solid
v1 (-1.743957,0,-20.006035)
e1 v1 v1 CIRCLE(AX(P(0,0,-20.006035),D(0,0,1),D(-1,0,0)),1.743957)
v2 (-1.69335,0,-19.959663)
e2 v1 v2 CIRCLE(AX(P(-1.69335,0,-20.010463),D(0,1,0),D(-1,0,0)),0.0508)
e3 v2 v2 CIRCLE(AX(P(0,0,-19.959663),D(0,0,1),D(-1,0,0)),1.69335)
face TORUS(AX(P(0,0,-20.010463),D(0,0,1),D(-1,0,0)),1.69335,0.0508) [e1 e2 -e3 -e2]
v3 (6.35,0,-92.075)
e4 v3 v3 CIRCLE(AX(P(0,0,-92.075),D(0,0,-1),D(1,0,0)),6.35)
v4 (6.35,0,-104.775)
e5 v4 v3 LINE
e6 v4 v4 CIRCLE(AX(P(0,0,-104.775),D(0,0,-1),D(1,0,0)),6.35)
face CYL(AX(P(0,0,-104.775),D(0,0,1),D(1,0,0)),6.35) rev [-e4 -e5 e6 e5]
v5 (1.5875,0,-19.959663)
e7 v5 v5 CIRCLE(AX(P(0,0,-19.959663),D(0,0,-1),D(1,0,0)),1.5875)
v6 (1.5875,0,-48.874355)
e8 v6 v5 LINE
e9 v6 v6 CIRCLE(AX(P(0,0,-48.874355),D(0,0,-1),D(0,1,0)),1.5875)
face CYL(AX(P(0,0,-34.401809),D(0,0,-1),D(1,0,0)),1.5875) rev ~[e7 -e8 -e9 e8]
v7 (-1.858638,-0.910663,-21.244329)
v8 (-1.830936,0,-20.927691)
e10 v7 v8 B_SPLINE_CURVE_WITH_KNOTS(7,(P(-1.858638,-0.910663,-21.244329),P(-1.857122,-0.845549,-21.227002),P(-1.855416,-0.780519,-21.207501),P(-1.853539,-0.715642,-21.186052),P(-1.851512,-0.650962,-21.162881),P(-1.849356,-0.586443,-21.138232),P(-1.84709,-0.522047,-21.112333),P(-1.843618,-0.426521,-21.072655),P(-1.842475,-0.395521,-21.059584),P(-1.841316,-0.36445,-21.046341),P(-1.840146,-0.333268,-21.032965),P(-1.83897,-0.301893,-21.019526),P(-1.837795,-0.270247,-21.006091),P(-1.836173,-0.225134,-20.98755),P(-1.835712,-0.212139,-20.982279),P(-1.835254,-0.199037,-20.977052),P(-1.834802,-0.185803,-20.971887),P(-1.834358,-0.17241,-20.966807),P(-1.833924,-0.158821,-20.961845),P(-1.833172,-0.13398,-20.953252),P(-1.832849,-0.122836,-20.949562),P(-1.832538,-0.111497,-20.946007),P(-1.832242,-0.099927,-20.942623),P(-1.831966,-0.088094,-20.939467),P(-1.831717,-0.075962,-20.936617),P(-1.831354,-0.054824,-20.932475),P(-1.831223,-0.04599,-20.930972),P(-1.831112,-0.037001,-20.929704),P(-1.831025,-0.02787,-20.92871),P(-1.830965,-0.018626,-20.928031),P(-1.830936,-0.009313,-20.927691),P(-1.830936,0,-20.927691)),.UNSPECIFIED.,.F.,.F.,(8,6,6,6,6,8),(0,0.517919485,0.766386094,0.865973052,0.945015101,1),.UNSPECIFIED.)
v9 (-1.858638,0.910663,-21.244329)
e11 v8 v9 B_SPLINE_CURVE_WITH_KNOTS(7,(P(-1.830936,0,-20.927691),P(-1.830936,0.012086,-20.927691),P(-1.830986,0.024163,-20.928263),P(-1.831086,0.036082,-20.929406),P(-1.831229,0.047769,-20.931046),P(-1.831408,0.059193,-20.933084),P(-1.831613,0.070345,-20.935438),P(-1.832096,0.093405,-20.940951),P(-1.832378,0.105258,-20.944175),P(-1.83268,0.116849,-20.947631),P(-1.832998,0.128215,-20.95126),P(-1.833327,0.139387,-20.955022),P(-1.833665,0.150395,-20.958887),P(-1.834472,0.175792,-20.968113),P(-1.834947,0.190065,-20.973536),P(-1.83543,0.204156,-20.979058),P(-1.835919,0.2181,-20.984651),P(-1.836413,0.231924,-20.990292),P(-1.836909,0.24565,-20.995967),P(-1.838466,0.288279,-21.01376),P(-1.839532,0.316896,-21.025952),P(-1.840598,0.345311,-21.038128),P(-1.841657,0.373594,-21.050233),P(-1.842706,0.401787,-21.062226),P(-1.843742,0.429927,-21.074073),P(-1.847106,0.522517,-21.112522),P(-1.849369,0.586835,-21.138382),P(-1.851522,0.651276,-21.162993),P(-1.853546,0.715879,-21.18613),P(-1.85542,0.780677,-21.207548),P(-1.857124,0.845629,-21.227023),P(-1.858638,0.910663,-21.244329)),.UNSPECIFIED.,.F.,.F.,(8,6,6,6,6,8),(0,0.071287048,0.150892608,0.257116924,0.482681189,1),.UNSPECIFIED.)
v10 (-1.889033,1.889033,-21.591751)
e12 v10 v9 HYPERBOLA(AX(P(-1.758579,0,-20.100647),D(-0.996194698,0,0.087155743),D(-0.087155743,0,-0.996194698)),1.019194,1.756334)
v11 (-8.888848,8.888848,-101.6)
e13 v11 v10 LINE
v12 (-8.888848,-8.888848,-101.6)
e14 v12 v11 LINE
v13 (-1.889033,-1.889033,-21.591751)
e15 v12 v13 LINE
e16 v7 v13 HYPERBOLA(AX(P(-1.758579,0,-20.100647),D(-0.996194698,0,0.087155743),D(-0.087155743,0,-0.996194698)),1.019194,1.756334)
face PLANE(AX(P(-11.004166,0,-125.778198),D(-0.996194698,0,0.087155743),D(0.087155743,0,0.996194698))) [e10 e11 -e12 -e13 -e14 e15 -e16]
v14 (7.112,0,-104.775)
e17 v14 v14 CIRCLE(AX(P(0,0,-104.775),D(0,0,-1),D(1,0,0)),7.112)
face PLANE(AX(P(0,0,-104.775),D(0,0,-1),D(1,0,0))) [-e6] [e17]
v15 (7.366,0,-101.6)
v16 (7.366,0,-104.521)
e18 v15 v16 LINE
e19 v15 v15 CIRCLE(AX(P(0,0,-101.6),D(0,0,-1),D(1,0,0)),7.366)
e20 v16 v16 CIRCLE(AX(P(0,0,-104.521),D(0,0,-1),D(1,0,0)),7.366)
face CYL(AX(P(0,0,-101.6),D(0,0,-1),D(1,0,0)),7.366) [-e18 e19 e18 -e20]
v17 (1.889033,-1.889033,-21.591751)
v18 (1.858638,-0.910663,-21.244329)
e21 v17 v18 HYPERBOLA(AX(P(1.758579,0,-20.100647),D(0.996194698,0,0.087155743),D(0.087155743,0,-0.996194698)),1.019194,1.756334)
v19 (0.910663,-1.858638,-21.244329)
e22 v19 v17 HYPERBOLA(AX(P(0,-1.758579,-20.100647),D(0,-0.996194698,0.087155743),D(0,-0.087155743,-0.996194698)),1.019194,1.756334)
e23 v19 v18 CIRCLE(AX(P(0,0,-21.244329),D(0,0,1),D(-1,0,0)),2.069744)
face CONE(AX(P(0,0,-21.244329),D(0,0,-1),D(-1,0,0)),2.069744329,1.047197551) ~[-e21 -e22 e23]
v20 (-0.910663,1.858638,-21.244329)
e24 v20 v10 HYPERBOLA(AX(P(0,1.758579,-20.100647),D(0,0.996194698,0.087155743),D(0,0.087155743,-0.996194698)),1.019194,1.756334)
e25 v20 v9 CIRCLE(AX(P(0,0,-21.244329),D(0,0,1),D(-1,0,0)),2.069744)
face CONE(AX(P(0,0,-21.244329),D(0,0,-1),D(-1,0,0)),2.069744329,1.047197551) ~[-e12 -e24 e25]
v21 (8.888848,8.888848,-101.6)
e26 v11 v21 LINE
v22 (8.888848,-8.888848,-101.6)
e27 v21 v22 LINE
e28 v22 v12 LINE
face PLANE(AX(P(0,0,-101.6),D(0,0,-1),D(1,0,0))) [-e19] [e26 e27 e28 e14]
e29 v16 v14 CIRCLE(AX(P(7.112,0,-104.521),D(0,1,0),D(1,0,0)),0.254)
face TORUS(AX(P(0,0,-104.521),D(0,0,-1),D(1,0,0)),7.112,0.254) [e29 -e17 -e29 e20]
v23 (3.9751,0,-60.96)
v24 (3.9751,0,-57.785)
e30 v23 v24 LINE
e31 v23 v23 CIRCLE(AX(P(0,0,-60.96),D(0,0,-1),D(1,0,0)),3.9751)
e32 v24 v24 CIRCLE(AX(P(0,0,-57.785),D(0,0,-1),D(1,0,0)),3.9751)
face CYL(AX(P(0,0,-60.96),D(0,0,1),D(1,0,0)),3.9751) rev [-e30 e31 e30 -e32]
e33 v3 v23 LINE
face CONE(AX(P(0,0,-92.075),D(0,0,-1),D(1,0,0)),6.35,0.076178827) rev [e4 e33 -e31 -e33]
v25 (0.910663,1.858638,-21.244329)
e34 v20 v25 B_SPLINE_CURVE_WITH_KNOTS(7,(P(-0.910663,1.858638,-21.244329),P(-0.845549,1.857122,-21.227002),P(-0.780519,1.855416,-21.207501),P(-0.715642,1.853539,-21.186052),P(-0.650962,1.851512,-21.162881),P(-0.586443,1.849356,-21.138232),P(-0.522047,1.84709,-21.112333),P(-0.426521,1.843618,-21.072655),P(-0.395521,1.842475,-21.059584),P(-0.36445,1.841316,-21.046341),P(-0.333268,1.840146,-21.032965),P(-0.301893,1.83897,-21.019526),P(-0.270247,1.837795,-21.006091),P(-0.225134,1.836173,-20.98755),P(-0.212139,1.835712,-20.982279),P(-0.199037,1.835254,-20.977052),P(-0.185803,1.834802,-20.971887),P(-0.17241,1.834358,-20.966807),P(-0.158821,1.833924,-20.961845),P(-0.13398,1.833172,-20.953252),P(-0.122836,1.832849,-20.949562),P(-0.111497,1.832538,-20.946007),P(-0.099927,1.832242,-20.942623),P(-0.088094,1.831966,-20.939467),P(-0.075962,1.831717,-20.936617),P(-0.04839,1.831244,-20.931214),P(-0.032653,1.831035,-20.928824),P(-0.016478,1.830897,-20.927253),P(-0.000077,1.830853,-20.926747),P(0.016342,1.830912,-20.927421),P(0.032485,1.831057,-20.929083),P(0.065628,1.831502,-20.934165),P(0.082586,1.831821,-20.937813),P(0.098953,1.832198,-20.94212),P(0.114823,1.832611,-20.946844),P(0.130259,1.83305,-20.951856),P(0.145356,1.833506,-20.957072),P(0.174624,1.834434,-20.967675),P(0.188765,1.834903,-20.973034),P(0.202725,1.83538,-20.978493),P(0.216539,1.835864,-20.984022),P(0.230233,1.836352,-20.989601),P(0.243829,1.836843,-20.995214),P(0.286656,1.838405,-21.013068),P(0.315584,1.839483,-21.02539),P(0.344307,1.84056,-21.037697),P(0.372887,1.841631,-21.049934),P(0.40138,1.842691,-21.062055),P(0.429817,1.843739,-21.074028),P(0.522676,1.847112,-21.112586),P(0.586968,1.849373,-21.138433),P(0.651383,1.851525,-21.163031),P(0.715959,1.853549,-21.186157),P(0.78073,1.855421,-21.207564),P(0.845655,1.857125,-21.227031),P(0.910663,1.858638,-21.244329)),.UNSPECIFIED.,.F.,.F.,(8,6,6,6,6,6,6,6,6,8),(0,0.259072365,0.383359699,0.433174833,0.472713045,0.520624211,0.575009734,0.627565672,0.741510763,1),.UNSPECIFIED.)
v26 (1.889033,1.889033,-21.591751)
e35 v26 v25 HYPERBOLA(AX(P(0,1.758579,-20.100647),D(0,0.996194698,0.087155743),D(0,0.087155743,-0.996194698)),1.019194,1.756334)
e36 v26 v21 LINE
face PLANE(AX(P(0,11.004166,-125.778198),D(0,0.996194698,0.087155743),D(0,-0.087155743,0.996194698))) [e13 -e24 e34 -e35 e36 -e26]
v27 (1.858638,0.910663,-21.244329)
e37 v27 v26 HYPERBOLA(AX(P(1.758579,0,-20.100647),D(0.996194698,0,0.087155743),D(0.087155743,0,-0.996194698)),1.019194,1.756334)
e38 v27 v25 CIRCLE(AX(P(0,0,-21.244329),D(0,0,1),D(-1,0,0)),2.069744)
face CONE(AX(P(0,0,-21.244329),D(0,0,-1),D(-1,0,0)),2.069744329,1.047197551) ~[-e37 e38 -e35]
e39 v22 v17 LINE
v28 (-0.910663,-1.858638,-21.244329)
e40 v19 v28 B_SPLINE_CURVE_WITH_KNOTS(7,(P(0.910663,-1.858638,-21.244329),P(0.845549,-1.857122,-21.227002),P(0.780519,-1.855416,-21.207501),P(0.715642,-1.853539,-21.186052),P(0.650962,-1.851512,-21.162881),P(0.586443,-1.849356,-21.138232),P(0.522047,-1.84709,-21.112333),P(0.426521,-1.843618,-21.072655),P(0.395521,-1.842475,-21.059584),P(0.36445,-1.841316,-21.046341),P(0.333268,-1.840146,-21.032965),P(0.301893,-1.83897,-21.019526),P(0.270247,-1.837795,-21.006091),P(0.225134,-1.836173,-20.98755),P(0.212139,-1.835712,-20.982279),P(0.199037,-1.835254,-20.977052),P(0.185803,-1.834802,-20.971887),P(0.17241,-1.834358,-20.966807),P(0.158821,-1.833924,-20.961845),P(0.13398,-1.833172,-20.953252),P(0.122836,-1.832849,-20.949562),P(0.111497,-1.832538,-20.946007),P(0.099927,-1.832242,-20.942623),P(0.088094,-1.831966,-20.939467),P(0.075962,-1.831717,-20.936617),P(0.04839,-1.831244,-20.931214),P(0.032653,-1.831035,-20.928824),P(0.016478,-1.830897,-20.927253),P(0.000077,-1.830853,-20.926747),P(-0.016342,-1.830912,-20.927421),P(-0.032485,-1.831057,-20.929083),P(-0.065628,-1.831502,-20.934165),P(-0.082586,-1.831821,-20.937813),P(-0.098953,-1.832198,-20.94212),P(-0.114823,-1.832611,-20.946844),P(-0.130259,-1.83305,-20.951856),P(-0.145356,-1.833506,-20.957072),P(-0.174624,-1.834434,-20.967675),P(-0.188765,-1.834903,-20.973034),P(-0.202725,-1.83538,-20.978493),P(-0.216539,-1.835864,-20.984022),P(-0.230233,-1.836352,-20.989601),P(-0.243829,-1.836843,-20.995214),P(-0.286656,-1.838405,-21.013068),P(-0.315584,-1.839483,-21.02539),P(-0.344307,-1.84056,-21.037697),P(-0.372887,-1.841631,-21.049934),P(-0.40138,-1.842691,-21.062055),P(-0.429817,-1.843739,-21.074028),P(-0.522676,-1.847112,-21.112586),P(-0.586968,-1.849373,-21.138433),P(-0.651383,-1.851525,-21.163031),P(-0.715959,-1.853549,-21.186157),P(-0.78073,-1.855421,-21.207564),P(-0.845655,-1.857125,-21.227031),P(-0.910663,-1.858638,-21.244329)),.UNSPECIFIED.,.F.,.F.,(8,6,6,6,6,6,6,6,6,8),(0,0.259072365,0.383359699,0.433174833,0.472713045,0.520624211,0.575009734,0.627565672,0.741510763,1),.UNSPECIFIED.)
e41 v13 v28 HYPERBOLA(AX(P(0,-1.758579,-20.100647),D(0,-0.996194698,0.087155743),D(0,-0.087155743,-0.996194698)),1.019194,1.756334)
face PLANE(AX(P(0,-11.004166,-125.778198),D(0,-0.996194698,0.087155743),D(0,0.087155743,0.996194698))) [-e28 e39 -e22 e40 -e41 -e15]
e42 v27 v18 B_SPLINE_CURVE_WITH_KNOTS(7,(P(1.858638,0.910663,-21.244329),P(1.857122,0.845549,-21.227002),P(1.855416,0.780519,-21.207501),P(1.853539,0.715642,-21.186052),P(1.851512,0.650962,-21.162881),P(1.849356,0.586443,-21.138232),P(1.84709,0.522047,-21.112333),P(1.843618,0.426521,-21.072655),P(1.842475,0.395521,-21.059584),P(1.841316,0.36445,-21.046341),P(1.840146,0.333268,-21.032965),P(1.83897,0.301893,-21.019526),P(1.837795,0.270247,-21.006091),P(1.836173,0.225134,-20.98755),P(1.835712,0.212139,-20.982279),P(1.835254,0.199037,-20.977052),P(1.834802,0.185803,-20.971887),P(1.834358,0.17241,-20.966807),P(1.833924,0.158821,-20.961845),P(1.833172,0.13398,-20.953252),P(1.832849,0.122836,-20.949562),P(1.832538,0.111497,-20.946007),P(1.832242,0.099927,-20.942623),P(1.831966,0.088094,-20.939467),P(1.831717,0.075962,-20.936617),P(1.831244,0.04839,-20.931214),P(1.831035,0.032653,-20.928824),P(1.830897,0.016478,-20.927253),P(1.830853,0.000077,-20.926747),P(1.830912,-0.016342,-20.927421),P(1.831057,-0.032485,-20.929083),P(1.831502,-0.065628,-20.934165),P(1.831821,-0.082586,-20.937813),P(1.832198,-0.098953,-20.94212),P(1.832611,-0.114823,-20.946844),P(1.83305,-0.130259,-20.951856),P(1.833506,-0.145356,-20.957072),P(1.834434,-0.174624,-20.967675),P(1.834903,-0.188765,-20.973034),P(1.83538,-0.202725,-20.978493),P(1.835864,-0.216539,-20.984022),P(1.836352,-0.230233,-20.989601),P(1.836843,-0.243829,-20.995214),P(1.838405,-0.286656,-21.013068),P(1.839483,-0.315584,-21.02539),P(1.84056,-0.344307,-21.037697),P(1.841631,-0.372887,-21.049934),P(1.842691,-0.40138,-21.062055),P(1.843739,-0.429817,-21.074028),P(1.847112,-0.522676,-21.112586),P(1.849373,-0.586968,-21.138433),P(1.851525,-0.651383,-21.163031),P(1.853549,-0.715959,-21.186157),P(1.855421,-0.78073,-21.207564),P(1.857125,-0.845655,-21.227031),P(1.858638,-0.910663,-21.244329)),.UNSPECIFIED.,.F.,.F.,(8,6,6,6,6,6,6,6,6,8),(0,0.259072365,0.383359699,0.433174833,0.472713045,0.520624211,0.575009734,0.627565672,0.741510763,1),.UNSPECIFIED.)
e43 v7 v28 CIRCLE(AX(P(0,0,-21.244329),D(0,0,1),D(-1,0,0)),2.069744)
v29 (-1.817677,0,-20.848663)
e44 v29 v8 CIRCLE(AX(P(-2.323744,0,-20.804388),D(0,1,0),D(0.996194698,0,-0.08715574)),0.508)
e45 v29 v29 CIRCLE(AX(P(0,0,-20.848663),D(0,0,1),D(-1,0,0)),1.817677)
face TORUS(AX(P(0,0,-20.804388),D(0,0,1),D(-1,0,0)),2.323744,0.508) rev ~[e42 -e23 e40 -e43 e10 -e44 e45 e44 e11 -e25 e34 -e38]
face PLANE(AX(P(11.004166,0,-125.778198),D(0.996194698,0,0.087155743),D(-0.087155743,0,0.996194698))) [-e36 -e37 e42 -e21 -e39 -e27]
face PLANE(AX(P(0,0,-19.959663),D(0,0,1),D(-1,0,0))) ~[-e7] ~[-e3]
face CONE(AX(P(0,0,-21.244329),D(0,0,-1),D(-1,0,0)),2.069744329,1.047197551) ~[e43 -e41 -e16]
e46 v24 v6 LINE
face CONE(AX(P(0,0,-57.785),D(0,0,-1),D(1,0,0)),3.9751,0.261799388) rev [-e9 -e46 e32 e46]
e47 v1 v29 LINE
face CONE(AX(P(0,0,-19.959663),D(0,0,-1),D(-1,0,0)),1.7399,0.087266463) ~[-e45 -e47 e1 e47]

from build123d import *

# Parameters (mm, degrees)
SKETCH11_W                     = 36.563301826
SKETCH11_H                     = 1.5875
FILLET1_R                      = 0.254
CE_00_MILL_ONE_SIDE_FLAT_DEPTH = 12.7
CP_00_MILL_PATTERN_COUNT       = 4
FILLET2_R                      = 0.0508


with BuildPart() as part:
    # Sketch17 → BR-00 Lathe Initial (revolve)
    with BuildSketch(Plane(origin=(0, 0, 0), x_dir=(0, 0, -1), z_dir=(1, 0, 0)), mode=Mode.PRIVATE) as br_00_lathe_initial_sk:
        Polygon((105.41, 15.875), (105.41, 0), (17.129076381, 0), (17.129076381, 2.163905573), (40.590225916, 5.127738011), (40.590225916, 8.7376), (69.165225916, 8.7376), (69.165225916, 15.875), align=None)
    revolve(br_00_lathe_initial_sk.sketch.rotate(Axis((0, 0, -105.41), (0, 0, -1)), 180), axis=Axis((0, 0, -105.41), (0, 0, -1)))

    # Sketch11 → CR-00 Bore at tip (revolve, cut)
    with BuildSketch(Plane(origin=(0, 0, 0), x_dir=(0, 0, -1), z_dir=(1, 0, 0)), mode=Mode.PRIVATE) as cr_00_bore_at_tip_sk:
        with Locations((34.401809356, 0.79375)):
            Rectangle(SKETCH11_W, SKETCH11_H)
    revolve(cr_00_bore_at_tip_sk.sketch.rotate(Axis((0, 0, 50), (0, 0, -1)), 90), axis=Axis((0, 0, 50), (0, 0, -1)), mode=Mode.SUBTRACT)

    # Sketch16 → CR-00 Lathe at tip (revolve, cut)
    with BuildSketch(Plane(origin=(0, 0, 0), x_dir=(0, 0, -1), z_dir=(1, 0, 0)), mode=Mode.PRIVATE) as cr_00_lathe_at_tip_sk:
        with BuildLine():
            Line((15.596764062, 0.762), (17.637076381, 0.762))
            Line((17.637076381, 0.762), (20.471990781, 0.762))
            Line((20.471990781, 0.762), (20.471990781, 1.5875))
            Line((20.471990781, 1.5875), (19.959663009, 1.5875))
            Line((19.959663009, 1.5875), (19.959663009, 1.7399))
            Line((19.959663009, 1.7399), (20.848663009, 1.817677422))
            ThreePointArc((20.848663009, 1.817677422), (21.077336093, 1.895301474), (21.244328797, 2.069744329))
            Line((21.244328797, 2.069744329), (26.498763841, 11.17069279))
            Line((26.498763841, 11.17069279), (15.596764062, 11.17069279))
            Line((15.596764062, 11.17069279), (15.596764062, 0.762))
        make_face()
    revolve(cr_00_lathe_at_tip_sk.sketch.rotate(Axis((0, 0, -16.467430566), (0, 0, 1)), 90), axis=Axis((0, 0, -16.467430566), (0, 0, 1)), mode=Mode.SUBTRACT)

    # Sketch7 → CR-00 Bore form base ( flip around ) (revolve, cut)
    with BuildSketch(Plane(origin=(0, 0, 0), x_dir=(0, 0, -1), z_dir=(1, 0, 0)), mode=Mode.PRIVATE) as cr_00_bore_form_base_flip_around_sk:
        Polygon((42.949724835, 0), (137.038186875, 0), (137.038186875, 20.32), (101.6, 20.32), (101.6, 7.366), (104.775, 7.366), (104.775, 6.35), (92.075, 6.35), (60.96, 3.9751), (57.785, 3.9751), align=None)
    revolve(cr_00_bore_form_base_flip_around_sk.sketch.rotate(Axis((0, 0, -137.038186875), (0, 0, -1)), 90), axis=Axis((0, 0, -137.038186875), (0, 0, -1)), mode=Mode.SUBTRACT)

    # Sketch20 → CR-00 Lathe Next (revolve, cut)
    with BuildSketch(Plane(origin=(0, 0, 0), x_dir=(0, 0, -1), z_dir=(1, 0, 0)), mode=Mode.PRIVATE) as cr_00_lathe_next_sk:
        with BuildLine():
            Line((105.41, 13.316379782), (69.165225916, 8.7376))
            ThreePointArc((69.165225916, 8.7376), (68.56580235, 8.922006767), (68.307721992, 9.493591402))
            Line((68.307721992, 9.493591402), (68.307721992, 30.289247764))
            Line((68.307721992, 30.289247764), (105.41, 30.289247764))
            Line((105.41, 30.289247764), (105.41, 13.316379782))
        make_face()
    revolve(cr_00_lathe_next_sk.sketch.rotate(Axis((0, 0, -113.533763994), (0, 0, -1)), 270), axis=Axis((0, 0, -113.533763994), (0, 0, -1)), mode=Mode.SUBTRACT)

    # Fillet1
    fillet1_edges = [part.edges().sort_by_distance(p)[0] for p in [
        (-7.366, 0, -104.775),
    ]]
    fillet(fillet1_edges, radius=FILLET1_R)

    # Sketch18 → CE-00 Mill one side flat (cut, symmetric)
    with BuildSketch(Plane(origin=(0, 0, 0), x_dir=(0, 0, -1), z_dir=(1, 0, 0))):
        Polygon((125.778198054, 11.004166448), (12.733631993, 1.114048445), (12.733631993, 41.952542689), (125.778198054, 41.952542689), align=None)
    ce_00_mill_one_side_flat = extrude(amount=CE_00_MILL_ONE_SIDE_FLAT_DEPTH, both=True, mode=Mode.SUBTRACT)

    # CP-00 Mill pattern: CE-00 Mill one side flat ×4 about axis
    cp_00_mill_pattern_axis = Axis((0, 0, 0), (0, 0, 1))
    for i in range(1, CP_00_MILL_PATTERN_COUNT):
        add(ce_00_mill_one_side_flat.rotate(cp_00_mill_pattern_axis, i * 360 / CP_00_MILL_PATTERN_COUNT), mode=Mode.SUBTRACT)

    # Fillet2
    fillet2_edges = [part.edges().sort_by_distance(p)[0] for p in [
        (1.7399, 0, -19.959663009),
    ]]
    fillet(fillet2_edges, radius=FILLET2_R)


solid = part.part
